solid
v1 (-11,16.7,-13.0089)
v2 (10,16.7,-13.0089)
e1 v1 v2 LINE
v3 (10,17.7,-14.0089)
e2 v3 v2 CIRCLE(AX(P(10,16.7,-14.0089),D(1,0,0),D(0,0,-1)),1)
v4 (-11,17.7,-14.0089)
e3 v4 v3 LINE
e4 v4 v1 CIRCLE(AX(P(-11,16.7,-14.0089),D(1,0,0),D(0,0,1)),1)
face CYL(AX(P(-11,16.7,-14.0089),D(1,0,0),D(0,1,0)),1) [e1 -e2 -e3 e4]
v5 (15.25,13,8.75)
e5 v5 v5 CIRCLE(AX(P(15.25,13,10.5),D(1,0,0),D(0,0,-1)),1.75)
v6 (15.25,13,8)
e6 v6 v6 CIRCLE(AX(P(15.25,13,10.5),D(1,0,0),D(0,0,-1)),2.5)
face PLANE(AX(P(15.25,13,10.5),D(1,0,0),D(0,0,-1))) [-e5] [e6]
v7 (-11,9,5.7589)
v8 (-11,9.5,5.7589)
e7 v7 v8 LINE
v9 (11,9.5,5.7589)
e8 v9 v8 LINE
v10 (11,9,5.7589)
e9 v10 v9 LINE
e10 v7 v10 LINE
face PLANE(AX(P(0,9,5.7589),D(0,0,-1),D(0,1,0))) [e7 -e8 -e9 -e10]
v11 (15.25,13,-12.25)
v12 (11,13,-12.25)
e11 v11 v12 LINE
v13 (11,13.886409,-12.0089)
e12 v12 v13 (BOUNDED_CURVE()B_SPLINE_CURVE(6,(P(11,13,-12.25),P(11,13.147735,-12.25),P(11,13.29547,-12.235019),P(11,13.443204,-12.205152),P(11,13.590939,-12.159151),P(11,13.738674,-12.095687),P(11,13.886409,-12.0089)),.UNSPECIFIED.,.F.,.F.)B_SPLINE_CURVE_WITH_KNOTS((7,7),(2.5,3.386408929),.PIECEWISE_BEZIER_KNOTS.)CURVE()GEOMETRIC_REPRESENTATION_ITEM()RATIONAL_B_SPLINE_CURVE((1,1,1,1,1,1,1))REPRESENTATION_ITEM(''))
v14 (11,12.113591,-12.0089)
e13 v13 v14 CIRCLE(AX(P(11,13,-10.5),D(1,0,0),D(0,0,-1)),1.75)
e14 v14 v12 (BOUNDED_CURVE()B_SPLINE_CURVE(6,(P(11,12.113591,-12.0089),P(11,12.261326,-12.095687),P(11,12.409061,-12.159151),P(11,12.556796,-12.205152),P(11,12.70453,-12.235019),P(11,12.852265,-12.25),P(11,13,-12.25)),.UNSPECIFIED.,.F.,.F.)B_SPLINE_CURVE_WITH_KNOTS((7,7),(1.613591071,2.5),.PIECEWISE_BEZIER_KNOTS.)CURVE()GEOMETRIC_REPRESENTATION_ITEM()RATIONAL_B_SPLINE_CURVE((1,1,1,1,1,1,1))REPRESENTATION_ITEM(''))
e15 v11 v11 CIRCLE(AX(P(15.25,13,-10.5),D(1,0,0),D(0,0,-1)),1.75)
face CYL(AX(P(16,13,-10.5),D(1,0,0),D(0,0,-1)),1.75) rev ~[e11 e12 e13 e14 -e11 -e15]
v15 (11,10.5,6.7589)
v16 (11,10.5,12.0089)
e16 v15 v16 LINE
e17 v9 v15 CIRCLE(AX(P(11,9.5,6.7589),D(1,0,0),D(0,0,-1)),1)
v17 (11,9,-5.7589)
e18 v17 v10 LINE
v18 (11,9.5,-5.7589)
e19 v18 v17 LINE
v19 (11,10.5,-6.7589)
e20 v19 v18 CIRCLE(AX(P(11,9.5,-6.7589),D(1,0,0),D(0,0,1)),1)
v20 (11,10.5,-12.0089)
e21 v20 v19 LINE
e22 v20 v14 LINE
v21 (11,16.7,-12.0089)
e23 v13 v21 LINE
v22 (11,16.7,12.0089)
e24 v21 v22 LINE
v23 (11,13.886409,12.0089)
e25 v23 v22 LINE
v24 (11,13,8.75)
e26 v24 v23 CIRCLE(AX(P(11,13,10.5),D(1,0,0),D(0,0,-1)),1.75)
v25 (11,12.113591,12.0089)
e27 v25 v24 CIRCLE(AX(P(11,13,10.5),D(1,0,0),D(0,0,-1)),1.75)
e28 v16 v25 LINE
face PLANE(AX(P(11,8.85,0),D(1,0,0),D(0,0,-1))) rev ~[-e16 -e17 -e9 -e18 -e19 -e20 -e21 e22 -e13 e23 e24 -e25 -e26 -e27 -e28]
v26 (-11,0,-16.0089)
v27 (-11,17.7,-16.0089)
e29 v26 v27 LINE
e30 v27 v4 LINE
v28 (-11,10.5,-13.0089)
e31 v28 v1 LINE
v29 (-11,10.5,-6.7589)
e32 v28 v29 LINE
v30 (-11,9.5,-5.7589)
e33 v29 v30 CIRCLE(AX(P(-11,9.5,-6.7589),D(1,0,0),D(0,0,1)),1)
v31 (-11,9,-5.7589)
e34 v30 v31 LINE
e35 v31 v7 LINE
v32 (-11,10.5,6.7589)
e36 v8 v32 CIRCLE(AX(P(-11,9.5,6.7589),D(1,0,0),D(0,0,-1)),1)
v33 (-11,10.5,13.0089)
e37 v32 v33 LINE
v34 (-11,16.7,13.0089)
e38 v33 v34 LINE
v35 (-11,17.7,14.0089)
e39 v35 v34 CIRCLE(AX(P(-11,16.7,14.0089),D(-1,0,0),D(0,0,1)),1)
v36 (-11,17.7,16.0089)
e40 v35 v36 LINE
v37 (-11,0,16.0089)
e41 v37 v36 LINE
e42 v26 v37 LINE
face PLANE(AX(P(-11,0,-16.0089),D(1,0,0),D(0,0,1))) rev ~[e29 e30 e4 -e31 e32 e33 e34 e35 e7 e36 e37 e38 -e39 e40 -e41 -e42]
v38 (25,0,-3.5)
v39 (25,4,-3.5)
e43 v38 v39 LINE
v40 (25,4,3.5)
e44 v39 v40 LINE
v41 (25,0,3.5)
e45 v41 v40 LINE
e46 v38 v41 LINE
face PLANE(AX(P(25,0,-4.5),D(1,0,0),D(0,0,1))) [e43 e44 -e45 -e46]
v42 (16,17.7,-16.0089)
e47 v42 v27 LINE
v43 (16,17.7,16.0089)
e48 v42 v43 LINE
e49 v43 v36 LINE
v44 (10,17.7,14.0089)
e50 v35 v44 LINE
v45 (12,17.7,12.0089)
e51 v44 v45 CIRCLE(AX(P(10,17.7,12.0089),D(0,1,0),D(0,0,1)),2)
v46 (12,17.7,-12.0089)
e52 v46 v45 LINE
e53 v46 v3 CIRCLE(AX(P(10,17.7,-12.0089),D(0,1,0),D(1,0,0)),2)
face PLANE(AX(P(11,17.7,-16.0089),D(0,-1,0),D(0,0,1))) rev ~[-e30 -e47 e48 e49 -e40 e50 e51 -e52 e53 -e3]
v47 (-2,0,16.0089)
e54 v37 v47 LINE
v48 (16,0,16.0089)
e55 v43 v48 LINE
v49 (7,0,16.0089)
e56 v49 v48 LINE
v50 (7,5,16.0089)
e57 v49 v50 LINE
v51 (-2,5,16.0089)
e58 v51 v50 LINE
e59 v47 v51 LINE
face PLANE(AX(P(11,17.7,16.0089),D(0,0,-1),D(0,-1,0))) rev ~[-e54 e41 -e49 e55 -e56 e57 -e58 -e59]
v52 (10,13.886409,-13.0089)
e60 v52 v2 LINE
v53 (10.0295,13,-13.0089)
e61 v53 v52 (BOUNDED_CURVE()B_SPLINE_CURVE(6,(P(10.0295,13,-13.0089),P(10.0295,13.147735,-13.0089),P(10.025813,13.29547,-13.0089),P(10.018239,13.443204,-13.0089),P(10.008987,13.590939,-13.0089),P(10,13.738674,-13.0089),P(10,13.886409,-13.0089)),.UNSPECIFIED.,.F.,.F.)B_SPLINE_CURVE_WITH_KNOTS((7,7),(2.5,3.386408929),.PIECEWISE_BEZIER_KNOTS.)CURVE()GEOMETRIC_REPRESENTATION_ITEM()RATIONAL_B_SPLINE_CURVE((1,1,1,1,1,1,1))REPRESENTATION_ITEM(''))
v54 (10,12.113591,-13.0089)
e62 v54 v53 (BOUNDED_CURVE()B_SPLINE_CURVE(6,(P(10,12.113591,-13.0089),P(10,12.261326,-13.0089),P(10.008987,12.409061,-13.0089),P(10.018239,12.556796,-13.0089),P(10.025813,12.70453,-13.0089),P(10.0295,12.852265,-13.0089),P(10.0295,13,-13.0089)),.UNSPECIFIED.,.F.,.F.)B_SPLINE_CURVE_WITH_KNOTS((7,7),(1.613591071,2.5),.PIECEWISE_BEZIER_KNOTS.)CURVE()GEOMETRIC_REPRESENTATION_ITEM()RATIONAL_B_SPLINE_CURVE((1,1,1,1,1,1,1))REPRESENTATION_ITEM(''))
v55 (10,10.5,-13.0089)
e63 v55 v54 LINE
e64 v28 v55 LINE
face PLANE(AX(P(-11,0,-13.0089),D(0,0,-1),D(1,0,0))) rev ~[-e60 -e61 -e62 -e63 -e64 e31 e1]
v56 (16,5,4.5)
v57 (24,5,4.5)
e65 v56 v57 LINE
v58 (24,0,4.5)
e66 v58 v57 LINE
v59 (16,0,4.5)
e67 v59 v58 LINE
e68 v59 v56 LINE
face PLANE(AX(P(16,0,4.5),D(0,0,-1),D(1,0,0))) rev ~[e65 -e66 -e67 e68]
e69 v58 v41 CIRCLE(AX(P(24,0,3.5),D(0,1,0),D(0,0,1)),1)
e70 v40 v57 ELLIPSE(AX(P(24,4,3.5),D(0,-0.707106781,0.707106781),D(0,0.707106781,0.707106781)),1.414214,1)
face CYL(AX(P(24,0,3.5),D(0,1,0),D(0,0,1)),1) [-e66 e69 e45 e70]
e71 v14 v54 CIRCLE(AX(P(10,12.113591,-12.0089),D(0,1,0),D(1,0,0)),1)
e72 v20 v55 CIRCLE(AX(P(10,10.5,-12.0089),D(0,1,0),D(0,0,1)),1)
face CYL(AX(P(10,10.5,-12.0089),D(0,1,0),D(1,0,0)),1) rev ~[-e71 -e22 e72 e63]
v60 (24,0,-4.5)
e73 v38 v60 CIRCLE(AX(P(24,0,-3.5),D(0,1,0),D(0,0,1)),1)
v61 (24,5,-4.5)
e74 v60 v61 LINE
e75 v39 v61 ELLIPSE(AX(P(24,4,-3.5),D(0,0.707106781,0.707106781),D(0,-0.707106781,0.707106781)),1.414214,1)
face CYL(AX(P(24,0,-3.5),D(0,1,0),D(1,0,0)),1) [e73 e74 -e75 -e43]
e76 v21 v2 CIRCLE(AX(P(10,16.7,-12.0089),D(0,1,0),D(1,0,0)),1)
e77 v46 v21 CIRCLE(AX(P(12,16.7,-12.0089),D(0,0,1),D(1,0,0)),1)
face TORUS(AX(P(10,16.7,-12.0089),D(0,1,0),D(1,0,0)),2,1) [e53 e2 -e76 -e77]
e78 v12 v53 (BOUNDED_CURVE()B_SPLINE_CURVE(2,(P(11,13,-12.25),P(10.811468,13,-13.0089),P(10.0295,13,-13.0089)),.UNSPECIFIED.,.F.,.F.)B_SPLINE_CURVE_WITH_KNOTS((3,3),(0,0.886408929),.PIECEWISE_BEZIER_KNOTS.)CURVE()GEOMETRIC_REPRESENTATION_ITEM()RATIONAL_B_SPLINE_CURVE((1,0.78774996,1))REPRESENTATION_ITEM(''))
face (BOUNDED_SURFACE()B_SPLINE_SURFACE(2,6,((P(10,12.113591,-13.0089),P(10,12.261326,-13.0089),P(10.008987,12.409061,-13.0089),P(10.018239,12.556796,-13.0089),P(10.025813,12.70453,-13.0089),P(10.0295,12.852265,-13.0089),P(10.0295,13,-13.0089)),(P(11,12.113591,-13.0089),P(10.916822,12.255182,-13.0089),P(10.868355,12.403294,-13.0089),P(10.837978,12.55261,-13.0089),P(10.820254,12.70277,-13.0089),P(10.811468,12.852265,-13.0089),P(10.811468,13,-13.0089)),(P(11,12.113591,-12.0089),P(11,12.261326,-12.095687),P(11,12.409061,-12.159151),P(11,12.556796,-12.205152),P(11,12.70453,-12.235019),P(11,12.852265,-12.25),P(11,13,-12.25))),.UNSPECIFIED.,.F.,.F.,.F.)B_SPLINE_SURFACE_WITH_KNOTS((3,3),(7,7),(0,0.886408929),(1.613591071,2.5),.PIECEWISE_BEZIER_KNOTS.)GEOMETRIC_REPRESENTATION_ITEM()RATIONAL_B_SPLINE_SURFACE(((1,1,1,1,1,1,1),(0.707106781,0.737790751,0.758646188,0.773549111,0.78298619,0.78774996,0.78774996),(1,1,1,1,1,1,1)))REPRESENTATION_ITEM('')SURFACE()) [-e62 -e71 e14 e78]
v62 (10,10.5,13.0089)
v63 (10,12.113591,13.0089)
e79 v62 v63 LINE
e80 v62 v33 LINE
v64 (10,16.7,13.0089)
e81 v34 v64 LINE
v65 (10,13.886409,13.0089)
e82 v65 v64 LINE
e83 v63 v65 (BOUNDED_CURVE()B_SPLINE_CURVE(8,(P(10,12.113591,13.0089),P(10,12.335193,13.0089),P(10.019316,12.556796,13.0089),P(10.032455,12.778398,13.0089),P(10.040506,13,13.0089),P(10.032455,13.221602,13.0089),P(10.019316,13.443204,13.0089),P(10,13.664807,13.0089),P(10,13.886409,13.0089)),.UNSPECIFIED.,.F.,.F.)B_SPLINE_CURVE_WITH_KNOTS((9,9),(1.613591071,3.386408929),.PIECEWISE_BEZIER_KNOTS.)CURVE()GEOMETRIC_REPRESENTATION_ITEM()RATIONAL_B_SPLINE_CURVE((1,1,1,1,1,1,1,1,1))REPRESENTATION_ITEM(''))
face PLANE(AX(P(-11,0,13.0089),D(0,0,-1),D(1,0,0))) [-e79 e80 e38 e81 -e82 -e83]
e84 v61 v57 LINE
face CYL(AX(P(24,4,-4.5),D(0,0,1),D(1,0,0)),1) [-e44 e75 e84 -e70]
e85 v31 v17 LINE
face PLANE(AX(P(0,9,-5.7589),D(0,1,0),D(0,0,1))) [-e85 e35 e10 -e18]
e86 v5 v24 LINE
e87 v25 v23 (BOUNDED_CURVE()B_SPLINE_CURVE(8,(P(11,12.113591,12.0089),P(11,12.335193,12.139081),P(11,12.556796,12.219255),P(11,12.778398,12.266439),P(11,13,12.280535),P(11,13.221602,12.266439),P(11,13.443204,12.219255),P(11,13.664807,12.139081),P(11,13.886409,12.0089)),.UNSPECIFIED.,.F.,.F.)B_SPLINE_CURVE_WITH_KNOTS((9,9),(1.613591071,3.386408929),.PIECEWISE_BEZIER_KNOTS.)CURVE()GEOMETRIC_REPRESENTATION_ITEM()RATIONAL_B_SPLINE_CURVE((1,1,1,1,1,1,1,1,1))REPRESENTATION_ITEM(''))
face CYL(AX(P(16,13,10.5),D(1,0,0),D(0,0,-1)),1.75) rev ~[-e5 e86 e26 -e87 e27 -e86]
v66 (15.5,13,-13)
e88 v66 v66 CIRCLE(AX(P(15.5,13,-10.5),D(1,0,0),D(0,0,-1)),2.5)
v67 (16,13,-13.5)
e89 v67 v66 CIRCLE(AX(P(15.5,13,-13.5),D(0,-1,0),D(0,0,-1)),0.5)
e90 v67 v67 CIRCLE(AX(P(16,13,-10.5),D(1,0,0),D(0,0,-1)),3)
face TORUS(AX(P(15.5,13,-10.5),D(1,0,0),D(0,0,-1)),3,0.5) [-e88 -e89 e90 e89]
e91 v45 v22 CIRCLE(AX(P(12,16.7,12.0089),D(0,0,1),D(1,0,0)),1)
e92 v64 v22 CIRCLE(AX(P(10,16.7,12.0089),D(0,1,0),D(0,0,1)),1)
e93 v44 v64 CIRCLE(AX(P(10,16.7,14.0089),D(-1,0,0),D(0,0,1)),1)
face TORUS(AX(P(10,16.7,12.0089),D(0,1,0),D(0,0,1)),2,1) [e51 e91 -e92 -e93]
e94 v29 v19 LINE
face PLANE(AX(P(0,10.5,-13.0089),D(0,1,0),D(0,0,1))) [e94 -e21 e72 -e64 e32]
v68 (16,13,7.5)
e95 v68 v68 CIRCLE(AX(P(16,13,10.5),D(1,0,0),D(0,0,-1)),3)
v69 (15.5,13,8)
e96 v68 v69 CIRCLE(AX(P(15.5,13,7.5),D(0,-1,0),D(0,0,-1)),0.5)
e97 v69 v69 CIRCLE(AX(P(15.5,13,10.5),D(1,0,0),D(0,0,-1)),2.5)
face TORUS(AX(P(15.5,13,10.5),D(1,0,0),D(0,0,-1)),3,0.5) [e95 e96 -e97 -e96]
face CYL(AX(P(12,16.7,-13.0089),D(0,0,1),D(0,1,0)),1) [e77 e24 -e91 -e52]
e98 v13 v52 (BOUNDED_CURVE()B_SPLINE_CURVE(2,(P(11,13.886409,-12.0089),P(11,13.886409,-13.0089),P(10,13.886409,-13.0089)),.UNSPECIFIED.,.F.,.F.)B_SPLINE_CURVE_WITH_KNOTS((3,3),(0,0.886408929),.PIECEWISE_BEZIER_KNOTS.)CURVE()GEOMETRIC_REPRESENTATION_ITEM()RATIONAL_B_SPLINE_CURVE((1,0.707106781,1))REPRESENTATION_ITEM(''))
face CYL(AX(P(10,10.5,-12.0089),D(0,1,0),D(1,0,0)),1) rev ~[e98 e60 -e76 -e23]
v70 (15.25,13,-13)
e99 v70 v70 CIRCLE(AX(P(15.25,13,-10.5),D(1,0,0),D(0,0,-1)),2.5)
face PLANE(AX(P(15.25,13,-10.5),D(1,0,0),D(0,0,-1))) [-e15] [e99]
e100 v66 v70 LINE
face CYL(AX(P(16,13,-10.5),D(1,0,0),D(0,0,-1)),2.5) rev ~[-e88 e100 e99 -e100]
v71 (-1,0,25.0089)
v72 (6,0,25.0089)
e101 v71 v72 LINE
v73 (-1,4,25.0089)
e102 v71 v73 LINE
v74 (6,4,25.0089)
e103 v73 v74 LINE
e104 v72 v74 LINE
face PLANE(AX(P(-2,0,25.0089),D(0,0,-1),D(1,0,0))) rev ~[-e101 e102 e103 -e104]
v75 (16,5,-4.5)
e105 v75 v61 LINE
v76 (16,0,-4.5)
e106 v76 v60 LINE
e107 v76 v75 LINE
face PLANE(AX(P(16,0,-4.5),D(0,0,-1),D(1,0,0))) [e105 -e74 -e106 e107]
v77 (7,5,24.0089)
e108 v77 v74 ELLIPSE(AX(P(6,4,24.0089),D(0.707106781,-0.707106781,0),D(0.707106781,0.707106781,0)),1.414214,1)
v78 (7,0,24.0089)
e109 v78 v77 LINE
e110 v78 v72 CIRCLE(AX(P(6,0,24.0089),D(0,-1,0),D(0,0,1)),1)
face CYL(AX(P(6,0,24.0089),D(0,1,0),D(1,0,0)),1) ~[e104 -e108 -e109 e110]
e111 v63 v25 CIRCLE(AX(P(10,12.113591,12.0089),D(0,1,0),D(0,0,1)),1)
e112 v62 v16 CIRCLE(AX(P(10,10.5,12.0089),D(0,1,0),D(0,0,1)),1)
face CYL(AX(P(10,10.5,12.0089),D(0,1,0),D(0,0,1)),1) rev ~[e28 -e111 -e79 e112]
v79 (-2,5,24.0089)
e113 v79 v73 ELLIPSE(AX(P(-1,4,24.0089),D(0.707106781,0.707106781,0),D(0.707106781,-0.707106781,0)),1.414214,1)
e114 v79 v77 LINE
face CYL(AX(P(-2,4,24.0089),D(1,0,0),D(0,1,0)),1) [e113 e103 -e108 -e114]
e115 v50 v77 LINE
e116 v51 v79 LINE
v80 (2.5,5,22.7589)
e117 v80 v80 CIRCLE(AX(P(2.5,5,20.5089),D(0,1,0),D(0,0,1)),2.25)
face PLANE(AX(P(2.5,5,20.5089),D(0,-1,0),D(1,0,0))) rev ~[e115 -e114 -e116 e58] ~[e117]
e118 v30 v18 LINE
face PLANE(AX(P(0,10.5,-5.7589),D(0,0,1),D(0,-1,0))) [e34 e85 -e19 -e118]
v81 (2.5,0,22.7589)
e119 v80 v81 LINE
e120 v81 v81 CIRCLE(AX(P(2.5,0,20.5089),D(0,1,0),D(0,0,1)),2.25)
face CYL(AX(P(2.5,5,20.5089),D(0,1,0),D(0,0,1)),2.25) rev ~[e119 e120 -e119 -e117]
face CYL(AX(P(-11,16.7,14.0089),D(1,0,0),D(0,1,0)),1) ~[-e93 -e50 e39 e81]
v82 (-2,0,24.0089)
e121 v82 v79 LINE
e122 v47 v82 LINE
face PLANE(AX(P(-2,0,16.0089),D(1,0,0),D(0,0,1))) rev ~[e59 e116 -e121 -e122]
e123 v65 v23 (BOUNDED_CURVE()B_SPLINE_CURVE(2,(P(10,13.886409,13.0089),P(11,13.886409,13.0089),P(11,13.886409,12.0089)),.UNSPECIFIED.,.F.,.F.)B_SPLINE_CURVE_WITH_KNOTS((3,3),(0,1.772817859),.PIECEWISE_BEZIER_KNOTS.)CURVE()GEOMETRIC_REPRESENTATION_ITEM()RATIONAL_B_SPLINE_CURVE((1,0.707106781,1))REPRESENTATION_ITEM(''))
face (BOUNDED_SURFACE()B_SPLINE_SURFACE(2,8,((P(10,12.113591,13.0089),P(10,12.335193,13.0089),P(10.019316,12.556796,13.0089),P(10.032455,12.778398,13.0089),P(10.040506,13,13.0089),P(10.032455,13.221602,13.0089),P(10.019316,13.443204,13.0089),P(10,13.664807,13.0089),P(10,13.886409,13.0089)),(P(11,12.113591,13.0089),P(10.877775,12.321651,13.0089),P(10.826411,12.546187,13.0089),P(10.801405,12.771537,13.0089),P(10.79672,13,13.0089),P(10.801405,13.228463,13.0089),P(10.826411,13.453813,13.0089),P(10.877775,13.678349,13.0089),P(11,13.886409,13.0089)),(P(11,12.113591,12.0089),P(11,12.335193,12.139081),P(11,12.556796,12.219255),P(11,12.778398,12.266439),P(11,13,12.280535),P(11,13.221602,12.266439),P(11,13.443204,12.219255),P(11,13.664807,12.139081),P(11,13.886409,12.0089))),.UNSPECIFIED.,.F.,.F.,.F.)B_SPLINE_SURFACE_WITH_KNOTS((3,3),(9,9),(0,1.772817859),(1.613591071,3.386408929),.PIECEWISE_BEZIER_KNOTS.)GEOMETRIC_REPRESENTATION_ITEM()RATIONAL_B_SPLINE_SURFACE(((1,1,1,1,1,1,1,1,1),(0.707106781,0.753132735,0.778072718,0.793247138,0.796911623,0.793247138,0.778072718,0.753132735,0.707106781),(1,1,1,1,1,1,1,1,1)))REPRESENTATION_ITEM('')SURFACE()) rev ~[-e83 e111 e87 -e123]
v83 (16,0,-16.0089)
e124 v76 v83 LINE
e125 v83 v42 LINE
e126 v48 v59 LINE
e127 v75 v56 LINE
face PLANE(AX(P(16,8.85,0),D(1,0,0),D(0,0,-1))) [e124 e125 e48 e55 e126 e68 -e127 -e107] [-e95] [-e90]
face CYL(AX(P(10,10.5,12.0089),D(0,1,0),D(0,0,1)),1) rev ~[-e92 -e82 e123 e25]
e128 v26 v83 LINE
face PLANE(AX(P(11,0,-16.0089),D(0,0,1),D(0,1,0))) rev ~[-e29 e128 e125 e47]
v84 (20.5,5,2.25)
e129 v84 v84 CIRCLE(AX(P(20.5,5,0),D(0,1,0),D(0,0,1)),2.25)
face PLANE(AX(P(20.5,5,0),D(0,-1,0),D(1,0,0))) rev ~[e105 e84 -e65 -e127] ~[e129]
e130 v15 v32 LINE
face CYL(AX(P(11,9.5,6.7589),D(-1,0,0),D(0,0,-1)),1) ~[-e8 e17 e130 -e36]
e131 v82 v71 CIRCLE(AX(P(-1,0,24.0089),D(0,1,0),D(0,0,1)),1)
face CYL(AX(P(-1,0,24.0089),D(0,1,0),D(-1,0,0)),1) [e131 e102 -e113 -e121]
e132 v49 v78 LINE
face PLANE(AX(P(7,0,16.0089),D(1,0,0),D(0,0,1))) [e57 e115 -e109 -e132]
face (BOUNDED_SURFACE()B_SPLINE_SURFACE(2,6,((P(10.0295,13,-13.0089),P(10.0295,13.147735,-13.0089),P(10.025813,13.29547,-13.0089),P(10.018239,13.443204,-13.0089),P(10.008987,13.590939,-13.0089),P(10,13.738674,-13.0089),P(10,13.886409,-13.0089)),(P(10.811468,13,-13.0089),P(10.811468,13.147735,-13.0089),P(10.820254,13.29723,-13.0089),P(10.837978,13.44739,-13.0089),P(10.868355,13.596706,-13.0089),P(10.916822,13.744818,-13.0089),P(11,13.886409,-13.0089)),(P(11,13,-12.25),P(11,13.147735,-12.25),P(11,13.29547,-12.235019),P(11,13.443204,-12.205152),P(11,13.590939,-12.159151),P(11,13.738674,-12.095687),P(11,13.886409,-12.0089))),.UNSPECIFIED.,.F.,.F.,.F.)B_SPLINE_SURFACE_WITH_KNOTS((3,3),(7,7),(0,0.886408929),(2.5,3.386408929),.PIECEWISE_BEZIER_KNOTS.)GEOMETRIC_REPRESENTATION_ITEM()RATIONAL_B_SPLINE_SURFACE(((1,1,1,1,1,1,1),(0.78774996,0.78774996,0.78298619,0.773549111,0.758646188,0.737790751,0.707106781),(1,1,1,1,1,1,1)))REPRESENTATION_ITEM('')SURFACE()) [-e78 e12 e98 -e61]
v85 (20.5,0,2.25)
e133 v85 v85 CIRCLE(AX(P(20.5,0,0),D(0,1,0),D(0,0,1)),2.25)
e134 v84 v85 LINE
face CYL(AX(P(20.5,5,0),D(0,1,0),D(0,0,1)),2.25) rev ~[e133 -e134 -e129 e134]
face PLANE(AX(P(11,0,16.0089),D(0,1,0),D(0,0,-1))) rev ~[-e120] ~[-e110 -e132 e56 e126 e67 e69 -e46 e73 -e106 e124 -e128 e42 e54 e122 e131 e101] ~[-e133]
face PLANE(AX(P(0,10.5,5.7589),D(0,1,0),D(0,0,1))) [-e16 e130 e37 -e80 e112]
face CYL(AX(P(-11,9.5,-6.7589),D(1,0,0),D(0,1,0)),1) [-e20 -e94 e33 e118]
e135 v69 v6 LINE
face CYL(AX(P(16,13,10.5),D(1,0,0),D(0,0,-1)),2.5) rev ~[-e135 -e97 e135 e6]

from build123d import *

# Parameters (mm, degrees)
BOSS_EXTRUDE1_DEPTH = 11
SKETCH3_W           = 22
SKETCH3_H           = 3
BOSS_EXTRUDE2_DEPTH = 17.7
BOSS_EXTRUDE3_DEPTH = 5
SKETCH5_R           = 1.75
CUT_EXTRUDE1_DEPTH  = 37.035744466
SKETCH6_W           = 9
SKETCH6_H           = 9
BOSS_EXTRUDE4_DEPTH = 5
SKETCH7_R           = 2.25
CUT_EXTRUDE2_DEPTH  = 38.573063213
FILLET1_R           = 1
SKETCH8_R           = 2.5
CUT_EXTRUDE3_DEPTH  = 0.75
FILLET2_R           = 0.5


with BuildPart() as part:
    # Sketch1 → Boss-Extrude1 (new, symmetric)
    with BuildSketch(Plane(origin=(0, 0, 0), x_dir=(0, 0, -1), z_dir=(1, 0, 0))):
        Polygon((-13.0089, 0), (13.0089, 0), (13.0089, 10.5), (5.7589, 10.5), (5.7589, 9), (-5.7589, 9), (-5.7589, 10.5), (-13.0089, 10.5), align=None)
    extrude(amount=BOSS_EXTRUDE1_DEPTH, both=True)

    # Sketch3 → Boss-Extrude2 (add)
    with BuildSketch(Plane.XZ):
        with Locations((0, -14.5089)):
            Rectangle(SKETCH3_W, SKETCH3_H)
        with Locations((0, 14.5089)):
            Rectangle(SKETCH3_W, SKETCH3_H)
    extrude(amount=-BOSS_EXTRUDE2_DEPTH)

    # Sketch4 → Boss-Extrude3 (add)
    with BuildSketch(Plane(origin=(11, 0, 0), x_dir=(0, 0, -1), z_dir=(1, 0, 0))):
        Polygon((-8.8, 17.7), (-16.0089, 17.7), (-16.0089, 0), (16.0089, 0), (16.0089, 17.7), align=None)
    extrude(amount=BOSS_EXTRUDE3_DEPTH)

    # Sketch5 → Cut-Extrude1 (cut, through all)
    with BuildSketch(Plane(origin=(16, 0, 0), x_dir=(0, 0, -1), z_dir=(1, 0, 0))):
        with Locations((-10.5, 13)):
            Circle(SKETCH5_R)
        with Locations((10.5, 13)):
            Circle(SKETCH5_R)
    extrude(amount=-CUT_EXTRUDE1_DEPTH, mode=Mode.SUBTRACT)

    # Sketch6 → Boss-Extrude4 (add)
    with BuildSketch(Plane.XZ):
        with Locations((20.5, 0)):
            Rectangle(SKETCH6_W, SKETCH6_H)
        with Locations((2.5, 20.5089)):
            Rectangle(SKETCH6_W, SKETCH6_H)
    extrude(amount=-BOSS_EXTRUDE4_DEPTH)

    # Sketch7 → Cut-Extrude2 (cut, through all)
    with BuildSketch(Plane(origin=(0, 5, 0), x_dir=(1, 0, 0), z_dir=(0, 1, 0))):
        with Locations(Location((20.5, 0, 0), (0, 0, 270))):
            Circle(SKETCH7_R)
        with Locations(Location((2.5, -20.5089, 0), (0, 0, 270))):
            Circle(SKETCH7_R)
    extrude(amount=-CUT_EXTRUDE2_DEPTH, mode=Mode.SUBTRACT)

    # Fillet1
    fillet1_edges = [part.edges().sort_by_distance(p)[0] for p in [
        (0, 10.5, 5.7589),
        (0, 10.5, -5.7589),
        (0, 17.7, -13.0089),
        (11, 14.1, -13.0089),
        (11, 14.1, 13.0089),
        (0, 17.7, 13.0089),
        (11, 17.7, 0),
        (25, 5, 0),
        (25, 2.5, 4.5),
        (25, 2.5, -4.5),
        (7, 2.5, 25.0089),
        (2.5, 5, 25.0089),
        (-2, 2.5, 25.0089),
    ]]
    fillet(fillet1_edges, radius=FILLET1_R)

    # Sketch8 → Cut-Extrude3 (cut)
    with BuildSketch(Plane(origin=(16, 0, 0), x_dir=(0, 0, -1), z_dir=(1, 0, 0))):
        with Locations((-10.5, 13)):
            Circle(SKETCH8_R)
        with Locations((10.5, 13)):
            Circle(SKETCH8_R)
    extrude(amount=-CUT_EXTRUDE3_DEPTH, mode=Mode.SUBTRACT)

    # Fillet2
    fillet2_edges = [part.edges().sort_by_distance(p)[0] for p in [
        (16, 13, 13),
        (16, 13, -8),
    ]]
    fillet(fillet2_edges, radius=FILLET2_R)


solid = part.part
